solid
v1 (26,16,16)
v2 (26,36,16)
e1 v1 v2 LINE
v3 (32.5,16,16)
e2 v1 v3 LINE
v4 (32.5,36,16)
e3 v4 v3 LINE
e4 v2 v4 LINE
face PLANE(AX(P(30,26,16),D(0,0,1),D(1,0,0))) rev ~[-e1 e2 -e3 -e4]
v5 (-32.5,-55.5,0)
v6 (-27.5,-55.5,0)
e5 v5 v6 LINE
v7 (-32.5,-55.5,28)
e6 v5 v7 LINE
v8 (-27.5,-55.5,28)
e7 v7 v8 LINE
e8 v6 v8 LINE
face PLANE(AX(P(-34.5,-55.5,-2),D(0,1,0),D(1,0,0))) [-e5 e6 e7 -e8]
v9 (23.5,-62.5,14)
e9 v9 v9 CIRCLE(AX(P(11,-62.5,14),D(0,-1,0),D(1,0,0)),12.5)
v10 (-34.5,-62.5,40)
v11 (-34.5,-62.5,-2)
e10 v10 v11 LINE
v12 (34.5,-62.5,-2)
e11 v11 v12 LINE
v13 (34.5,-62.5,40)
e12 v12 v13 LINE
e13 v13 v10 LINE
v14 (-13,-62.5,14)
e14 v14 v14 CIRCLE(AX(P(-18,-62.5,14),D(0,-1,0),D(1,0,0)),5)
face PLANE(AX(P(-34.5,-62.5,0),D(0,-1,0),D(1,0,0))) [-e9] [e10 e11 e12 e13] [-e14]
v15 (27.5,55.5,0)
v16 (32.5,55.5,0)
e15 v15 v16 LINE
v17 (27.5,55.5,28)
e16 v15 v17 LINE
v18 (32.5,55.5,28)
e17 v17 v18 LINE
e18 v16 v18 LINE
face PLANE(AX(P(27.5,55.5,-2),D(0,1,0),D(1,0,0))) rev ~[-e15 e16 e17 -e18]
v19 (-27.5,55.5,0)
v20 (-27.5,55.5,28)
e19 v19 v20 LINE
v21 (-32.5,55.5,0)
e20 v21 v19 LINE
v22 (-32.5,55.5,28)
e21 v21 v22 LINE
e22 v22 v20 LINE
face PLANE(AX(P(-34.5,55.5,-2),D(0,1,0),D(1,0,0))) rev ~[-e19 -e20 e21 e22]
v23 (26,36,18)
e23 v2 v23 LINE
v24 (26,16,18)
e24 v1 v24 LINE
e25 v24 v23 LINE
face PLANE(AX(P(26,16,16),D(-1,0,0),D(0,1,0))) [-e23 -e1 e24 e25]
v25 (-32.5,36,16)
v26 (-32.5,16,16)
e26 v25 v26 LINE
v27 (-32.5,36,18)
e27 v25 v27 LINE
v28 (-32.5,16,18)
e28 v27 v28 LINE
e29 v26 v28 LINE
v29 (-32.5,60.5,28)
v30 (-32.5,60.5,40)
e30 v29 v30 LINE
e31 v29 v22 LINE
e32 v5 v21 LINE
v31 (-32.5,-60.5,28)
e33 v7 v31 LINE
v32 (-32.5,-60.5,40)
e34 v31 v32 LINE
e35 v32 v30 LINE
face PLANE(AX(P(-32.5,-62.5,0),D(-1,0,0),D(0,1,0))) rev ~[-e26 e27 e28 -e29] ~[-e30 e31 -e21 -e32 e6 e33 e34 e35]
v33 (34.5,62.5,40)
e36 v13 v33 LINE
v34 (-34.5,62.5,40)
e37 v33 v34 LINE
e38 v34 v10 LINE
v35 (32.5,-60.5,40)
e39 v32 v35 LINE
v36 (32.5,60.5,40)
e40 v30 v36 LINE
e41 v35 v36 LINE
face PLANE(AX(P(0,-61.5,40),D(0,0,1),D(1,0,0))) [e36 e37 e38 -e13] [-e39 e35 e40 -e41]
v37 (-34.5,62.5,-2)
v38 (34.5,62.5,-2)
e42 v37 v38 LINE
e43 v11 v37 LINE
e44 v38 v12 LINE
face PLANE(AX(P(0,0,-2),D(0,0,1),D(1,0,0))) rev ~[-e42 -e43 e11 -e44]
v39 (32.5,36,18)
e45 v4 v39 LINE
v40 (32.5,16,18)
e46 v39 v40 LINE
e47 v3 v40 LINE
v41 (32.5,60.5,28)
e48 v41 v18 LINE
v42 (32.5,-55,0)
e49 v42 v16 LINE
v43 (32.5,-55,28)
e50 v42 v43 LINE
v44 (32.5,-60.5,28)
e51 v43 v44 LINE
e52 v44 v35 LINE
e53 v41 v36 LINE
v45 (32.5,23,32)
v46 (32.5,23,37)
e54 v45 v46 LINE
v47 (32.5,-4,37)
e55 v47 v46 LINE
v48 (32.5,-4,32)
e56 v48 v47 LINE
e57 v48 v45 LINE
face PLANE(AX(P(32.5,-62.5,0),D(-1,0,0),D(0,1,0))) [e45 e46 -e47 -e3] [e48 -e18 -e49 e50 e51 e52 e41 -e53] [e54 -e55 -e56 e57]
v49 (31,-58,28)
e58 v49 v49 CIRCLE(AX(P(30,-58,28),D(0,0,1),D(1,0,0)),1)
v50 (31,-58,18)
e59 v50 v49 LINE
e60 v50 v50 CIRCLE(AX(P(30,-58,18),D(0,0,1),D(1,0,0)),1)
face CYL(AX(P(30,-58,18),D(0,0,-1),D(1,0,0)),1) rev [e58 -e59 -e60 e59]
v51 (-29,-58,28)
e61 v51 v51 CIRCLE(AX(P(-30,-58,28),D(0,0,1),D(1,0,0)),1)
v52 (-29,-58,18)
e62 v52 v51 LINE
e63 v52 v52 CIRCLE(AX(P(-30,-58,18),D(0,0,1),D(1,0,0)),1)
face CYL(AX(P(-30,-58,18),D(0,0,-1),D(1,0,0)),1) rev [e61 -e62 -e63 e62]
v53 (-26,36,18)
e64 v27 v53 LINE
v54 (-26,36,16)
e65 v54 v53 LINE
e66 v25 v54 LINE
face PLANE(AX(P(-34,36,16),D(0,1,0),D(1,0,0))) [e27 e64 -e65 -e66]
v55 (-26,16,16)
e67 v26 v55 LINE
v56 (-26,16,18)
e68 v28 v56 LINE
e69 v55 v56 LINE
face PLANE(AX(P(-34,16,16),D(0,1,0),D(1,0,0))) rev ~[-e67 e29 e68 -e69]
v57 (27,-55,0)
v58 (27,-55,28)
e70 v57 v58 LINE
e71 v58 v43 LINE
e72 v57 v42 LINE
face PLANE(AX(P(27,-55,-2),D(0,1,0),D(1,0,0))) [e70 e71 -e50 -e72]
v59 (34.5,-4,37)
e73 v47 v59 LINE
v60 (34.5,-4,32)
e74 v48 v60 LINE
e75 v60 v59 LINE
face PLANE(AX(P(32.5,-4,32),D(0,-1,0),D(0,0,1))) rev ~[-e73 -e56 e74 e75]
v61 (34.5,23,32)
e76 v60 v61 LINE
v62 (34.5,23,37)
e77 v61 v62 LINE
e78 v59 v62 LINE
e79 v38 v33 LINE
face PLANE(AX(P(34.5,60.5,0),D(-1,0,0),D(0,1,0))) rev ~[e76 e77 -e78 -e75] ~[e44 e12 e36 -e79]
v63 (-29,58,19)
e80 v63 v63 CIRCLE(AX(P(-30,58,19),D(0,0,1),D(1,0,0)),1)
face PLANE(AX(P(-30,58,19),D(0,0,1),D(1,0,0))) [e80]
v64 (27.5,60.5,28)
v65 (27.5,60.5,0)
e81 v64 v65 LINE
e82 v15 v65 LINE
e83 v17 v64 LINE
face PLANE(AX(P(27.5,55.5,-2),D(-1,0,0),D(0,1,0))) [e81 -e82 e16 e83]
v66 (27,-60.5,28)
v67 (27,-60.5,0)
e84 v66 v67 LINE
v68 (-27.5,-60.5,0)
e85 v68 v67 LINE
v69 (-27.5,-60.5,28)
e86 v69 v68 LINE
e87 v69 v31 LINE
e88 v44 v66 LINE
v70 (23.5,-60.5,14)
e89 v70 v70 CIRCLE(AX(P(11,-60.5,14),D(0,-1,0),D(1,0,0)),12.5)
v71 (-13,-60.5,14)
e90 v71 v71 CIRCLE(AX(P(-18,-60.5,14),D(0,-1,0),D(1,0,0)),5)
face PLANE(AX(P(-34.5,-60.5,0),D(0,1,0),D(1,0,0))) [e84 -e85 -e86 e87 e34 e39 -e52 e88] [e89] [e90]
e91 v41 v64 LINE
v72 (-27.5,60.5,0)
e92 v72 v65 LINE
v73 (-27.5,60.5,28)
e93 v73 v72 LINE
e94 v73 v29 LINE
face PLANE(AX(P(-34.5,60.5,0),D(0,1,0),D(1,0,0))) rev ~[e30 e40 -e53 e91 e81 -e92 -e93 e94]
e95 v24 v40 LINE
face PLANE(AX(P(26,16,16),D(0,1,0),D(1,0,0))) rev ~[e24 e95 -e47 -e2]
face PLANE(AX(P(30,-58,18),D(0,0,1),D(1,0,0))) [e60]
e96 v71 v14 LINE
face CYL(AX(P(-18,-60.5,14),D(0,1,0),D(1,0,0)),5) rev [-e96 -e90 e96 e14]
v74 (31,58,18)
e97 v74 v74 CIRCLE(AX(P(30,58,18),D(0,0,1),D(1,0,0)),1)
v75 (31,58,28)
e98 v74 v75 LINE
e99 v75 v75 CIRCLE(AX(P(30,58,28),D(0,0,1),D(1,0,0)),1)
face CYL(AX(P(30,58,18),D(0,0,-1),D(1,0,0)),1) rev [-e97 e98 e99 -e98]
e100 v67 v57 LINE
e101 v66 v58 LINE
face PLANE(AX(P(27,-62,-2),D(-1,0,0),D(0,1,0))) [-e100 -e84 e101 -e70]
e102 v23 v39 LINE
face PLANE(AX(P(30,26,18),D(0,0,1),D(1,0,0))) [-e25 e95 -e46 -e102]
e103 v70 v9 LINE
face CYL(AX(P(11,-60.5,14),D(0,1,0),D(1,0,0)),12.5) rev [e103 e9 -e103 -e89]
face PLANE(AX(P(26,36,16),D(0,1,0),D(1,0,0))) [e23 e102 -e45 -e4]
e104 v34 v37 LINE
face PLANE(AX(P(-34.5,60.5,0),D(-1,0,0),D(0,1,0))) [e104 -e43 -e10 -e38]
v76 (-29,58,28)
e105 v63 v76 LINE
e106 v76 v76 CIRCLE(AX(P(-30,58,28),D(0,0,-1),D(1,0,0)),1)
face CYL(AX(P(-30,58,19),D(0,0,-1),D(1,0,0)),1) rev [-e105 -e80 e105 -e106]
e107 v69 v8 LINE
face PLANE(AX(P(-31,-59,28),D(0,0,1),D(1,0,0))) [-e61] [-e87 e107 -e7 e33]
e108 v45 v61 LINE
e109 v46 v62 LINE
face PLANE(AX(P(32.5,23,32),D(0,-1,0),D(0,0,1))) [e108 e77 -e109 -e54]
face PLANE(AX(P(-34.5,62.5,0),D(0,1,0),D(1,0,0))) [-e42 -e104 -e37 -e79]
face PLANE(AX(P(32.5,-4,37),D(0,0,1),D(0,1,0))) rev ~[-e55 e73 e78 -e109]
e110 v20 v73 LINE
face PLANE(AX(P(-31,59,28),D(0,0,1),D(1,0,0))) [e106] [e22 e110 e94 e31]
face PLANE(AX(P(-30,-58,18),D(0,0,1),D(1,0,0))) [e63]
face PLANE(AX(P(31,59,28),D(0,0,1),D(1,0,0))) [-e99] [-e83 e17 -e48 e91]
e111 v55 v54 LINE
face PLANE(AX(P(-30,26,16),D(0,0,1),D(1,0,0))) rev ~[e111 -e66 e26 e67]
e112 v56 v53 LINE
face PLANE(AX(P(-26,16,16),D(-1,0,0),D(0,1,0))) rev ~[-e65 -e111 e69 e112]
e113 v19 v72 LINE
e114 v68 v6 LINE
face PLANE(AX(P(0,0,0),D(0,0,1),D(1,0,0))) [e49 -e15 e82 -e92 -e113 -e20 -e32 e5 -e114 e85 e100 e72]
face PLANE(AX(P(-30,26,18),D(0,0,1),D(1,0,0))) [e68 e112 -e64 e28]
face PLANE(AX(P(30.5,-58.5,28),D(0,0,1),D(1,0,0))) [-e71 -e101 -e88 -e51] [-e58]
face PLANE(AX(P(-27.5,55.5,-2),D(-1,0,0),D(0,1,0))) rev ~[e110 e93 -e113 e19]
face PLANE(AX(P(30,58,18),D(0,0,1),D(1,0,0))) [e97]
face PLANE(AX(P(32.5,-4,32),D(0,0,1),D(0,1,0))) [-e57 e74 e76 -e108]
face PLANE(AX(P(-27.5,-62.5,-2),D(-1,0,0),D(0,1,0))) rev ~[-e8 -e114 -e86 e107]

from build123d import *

# Parameters (mm, degrees)
SKETCH008_R       = 5
PAD006_DEPTH      = 2
CYLINDER002_R     = 1
CYLINDER002_DEPTH = 10
BOX002_W          = 7
BOX002_H          = 7
BOX002_DEPTH      = 30
CYLINDER001_R     = 1
CYLINDER001_DEPTH = 10
BOX001_W          = 7
BOX001_H          = 7
BOX001_DEPTH      = 30
CYLINDER_R        = 1
CYLINDER_DEPTH    = 10
BOX_W             = 7
BOX_H             = 7
BOX_DEPTH         = 30
SKETCH005_R       = 12.5
PAD004_DEPTH      = 2
SKETCH004_W       = 27
SKETCH004_H       = 5
PAD003_DEPTH      = 2
SKETCH_W          = 69
SKETCH_H          = 125
PAD_DEPTH         = 2
SKETCH001_W       = 69
SKETCH001_H       = 2
PAD001_DEPTH      = 40
PAD001_DEPTH_BACK = 2
SKETCH002_W       = 2
SKETCH002_H       = 125
PAD002_DEPTH      = 40
PAD002_DEPTH_BACK = 2
CYLINDER003_R     = 1
CYLINDER003_DEPTH = 10
BOX003_W          = 7
BOX003_H          = 7
BOX003_DEPTH      = 30
SKETCH006_W       = 8
SKETCH006_H       = 20
EXTRUDE_DEPTH     = 2


with BuildPart() as body005:
    # Sketch008 → Pad006 (new body)
    with BuildSketch(Plane.XZ):
        Circle(SKETCH008_R)
    extrude(amount=PAD006_DEPTH)


with BuildPart() as body005_1:
    # Body005 placement: moved
    add(body005.part.moved(Location((-18, -60.5, 14))))


with BuildPart() as cylinder002:
    # Cylinder002 → Cylinder002 (new body)
    with BuildSketch(Plane(origin=(-30, 58, 19), x_dir=(1, 0, 0), z_dir=(0, 0, 1))):
        Circle(CYLINDER002_R)
    extrude(amount=CYLINDER002_DEPTH)


with BuildPart() as cut004:
    # Box002 → Box002 (new body)
    with BuildSketch(Plane(origin=(-34.5, 55.5, -2), x_dir=(1, 0, 0), z_dir=(0, 0, 1))):
        with Locations((3.5, 3.5)):
            Rectangle(BOX002_W, BOX002_H)
    extrude(amount=BOX002_DEPTH)

    # Cut004: cut Cylinder002
    add(cylinder002.part, mode=Mode.SUBTRACT)


with BuildPart() as cylinder001:
    # Cylinder001 → Cylinder001 (new body)
    with BuildSketch(Plane(origin=(-30, -58, 20), x_dir=(1, 0, 0), z_dir=(0, 0, 1))):
        Circle(CYLINDER001_R)
    extrude(amount=CYLINDER001_DEPTH)


with BuildPart() as cut003:
    # Box001 → Box001 (new body)
    with BuildSketch(Plane(origin=(-34.5, -62.5, 0), x_dir=(1, 0, 0), z_dir=(0, 0, 1))):
        with Locations((3.5, 3.5)):
            Rectangle(BOX001_W, BOX001_H)
    extrude(amount=BOX001_DEPTH)

    # Cut003: cut Cylinder001
    add(cylinder001.part, mode=Mode.SUBTRACT)


with BuildPart() as cut003_1:
    # Cut003 placement: moved
    add(cut003.part.moved(Location((0, 0, -2))))


with BuildPart() as cylinder:
    # Cylinder → Cylinder (new body)
    with BuildSketch(Plane(origin=(30, -58, 18), x_dir=(1, 0, 0), z_dir=(0, 0, 1))):
        Circle(CYLINDER_R)
    extrude(amount=CYLINDER_DEPTH)


with BuildPart() as cut002:
    # Box → Box (new body)
    with BuildSketch(Plane(origin=(27, -62, -2), x_dir=(1, 0, 0), z_dir=(0, 0, 1))):
        with Locations((3.5, 3.5)):
            Rectangle(BOX_W, BOX_H)
    extrude(amount=BOX_DEPTH)

    # Cut002: cut Cylinder
    add(cylinder.part, mode=Mode.SUBTRACT)


with BuildPart() as body002:
    # Sketch005 → Pad004 (new body)
    with BuildSketch(Plane.XZ):
        Circle(SKETCH005_R)
    extrude(amount=PAD004_DEPTH)


with BuildPart() as body002_1:
    # Body002 placement: moved
    add(body002.part.moved(Location((11, -60.5, 14))))


with BuildPart() as sd_slot:
    # Sketch004 → Pad003 (new body)
    with BuildSketch(Plane.YZ):
        with Locations((7.5, 33.5)):
            Rectangle(SKETCH004_W, SKETCH004_H)
    extrude(amount=PAD003_DEPTH)


with BuildPart() as sd_slot_1:
    # Body001 placement: moved
    add(sd_slot.part.moved(Location((32.5, 2, 1))))


with BuildPart() as cut001:
    # Sketch → Pad (new body)
    with BuildSketch(Plane.XY):
        Rectangle(SKETCH_W, SKETCH_H)
    extrude(amount=-PAD_DEPTH)

    # Sketch001 → Pad001 (join, two sides)
    with BuildSketch(Plane.XY) as pad001_sk:
        with Locations((0, 61.5)):
            Rectangle(SKETCH001_W, SKETCH001_H)
        with Locations((0, -61.5)):
            Rectangle(SKETCH001_W, SKETCH001_H)
    extrude(amount=PAD001_DEPTH)
    extrude(pad001_sk.sketch, amount=-PAD001_DEPTH_BACK)

    # Sketch002 → Pad002 (join, two sides)
    with BuildSketch(Plane.XY) as pad002_sk:
        with Locations((33.5, 0)):
            Rectangle(SKETCH002_W, SKETCH002_H)
        with Locations((-33.5, 0)):
            Rectangle(SKETCH002_W, SKETCH002_H)
    extrude(amount=PAD002_DEPTH)
    extrude(pad002_sk.sketch, amount=-PAD002_DEPTH_BACK)

    # Cut: cut sd slot
    add(sd_slot_1.part, mode=Mode.SUBTRACT)

    # Cut001: cut Body002
    add(body002_1.part, mode=Mode.SUBTRACT)


with BuildPart() as cylinder003:
    # Cylinder003 → Cylinder003 (new body)
    with BuildSketch(Plane(origin=(30, 58, 18), x_dir=(1, 0, 0), z_dir=(0, 0, 1))):
        Circle(CYLINDER003_R)
    extrude(amount=CYLINDER003_DEPTH)


with BuildPart() as fusion:
    # Box003 → Box003 (new body)
    with BuildSketch(Plane(origin=(27.5, 55.5, -2), x_dir=(1, 0, 0), z_dir=(0, 0, 1))):
        with Locations((3.5, 3.5)):
            Rectangle(BOX003_W, BOX003_H)
    extrude(amount=BOX003_DEPTH)

    # Cut005: cut Cylinder003
    add(cylinder003.part, mode=Mode.SUBTRACT)

    # Fusion: union Cut004, Cut003, Cut002, Cut001
    add(cut004.part)
    add(cut003_1.part)
    add(cut002.part)
    add(cut001.part)


with BuildPart() as cut006:
    # Sketch006 → Extrude (new body)
    with BuildSketch(Plane.XY):
        with Locations((34, 0)):
            Rectangle(SKETCH006_W, SKETCH006_H)
        with Locations((-26, 0)):
            Rectangle(SKETCH006_W, SKETCH006_H)
    extrude(amount=EXTRUDE_DEPTH)


with BuildPart() as cut006_1:
    # Extrude placement: moved
    add(cut006.part.moved(Location((-4, 26, 16))))

    # Fusion001: union Fusion
    add(fusion.part)

    # Cut006: cut Body005
    add(body005_1.part, mode=Mode.SUBTRACT)


solid = cut006_1.part
